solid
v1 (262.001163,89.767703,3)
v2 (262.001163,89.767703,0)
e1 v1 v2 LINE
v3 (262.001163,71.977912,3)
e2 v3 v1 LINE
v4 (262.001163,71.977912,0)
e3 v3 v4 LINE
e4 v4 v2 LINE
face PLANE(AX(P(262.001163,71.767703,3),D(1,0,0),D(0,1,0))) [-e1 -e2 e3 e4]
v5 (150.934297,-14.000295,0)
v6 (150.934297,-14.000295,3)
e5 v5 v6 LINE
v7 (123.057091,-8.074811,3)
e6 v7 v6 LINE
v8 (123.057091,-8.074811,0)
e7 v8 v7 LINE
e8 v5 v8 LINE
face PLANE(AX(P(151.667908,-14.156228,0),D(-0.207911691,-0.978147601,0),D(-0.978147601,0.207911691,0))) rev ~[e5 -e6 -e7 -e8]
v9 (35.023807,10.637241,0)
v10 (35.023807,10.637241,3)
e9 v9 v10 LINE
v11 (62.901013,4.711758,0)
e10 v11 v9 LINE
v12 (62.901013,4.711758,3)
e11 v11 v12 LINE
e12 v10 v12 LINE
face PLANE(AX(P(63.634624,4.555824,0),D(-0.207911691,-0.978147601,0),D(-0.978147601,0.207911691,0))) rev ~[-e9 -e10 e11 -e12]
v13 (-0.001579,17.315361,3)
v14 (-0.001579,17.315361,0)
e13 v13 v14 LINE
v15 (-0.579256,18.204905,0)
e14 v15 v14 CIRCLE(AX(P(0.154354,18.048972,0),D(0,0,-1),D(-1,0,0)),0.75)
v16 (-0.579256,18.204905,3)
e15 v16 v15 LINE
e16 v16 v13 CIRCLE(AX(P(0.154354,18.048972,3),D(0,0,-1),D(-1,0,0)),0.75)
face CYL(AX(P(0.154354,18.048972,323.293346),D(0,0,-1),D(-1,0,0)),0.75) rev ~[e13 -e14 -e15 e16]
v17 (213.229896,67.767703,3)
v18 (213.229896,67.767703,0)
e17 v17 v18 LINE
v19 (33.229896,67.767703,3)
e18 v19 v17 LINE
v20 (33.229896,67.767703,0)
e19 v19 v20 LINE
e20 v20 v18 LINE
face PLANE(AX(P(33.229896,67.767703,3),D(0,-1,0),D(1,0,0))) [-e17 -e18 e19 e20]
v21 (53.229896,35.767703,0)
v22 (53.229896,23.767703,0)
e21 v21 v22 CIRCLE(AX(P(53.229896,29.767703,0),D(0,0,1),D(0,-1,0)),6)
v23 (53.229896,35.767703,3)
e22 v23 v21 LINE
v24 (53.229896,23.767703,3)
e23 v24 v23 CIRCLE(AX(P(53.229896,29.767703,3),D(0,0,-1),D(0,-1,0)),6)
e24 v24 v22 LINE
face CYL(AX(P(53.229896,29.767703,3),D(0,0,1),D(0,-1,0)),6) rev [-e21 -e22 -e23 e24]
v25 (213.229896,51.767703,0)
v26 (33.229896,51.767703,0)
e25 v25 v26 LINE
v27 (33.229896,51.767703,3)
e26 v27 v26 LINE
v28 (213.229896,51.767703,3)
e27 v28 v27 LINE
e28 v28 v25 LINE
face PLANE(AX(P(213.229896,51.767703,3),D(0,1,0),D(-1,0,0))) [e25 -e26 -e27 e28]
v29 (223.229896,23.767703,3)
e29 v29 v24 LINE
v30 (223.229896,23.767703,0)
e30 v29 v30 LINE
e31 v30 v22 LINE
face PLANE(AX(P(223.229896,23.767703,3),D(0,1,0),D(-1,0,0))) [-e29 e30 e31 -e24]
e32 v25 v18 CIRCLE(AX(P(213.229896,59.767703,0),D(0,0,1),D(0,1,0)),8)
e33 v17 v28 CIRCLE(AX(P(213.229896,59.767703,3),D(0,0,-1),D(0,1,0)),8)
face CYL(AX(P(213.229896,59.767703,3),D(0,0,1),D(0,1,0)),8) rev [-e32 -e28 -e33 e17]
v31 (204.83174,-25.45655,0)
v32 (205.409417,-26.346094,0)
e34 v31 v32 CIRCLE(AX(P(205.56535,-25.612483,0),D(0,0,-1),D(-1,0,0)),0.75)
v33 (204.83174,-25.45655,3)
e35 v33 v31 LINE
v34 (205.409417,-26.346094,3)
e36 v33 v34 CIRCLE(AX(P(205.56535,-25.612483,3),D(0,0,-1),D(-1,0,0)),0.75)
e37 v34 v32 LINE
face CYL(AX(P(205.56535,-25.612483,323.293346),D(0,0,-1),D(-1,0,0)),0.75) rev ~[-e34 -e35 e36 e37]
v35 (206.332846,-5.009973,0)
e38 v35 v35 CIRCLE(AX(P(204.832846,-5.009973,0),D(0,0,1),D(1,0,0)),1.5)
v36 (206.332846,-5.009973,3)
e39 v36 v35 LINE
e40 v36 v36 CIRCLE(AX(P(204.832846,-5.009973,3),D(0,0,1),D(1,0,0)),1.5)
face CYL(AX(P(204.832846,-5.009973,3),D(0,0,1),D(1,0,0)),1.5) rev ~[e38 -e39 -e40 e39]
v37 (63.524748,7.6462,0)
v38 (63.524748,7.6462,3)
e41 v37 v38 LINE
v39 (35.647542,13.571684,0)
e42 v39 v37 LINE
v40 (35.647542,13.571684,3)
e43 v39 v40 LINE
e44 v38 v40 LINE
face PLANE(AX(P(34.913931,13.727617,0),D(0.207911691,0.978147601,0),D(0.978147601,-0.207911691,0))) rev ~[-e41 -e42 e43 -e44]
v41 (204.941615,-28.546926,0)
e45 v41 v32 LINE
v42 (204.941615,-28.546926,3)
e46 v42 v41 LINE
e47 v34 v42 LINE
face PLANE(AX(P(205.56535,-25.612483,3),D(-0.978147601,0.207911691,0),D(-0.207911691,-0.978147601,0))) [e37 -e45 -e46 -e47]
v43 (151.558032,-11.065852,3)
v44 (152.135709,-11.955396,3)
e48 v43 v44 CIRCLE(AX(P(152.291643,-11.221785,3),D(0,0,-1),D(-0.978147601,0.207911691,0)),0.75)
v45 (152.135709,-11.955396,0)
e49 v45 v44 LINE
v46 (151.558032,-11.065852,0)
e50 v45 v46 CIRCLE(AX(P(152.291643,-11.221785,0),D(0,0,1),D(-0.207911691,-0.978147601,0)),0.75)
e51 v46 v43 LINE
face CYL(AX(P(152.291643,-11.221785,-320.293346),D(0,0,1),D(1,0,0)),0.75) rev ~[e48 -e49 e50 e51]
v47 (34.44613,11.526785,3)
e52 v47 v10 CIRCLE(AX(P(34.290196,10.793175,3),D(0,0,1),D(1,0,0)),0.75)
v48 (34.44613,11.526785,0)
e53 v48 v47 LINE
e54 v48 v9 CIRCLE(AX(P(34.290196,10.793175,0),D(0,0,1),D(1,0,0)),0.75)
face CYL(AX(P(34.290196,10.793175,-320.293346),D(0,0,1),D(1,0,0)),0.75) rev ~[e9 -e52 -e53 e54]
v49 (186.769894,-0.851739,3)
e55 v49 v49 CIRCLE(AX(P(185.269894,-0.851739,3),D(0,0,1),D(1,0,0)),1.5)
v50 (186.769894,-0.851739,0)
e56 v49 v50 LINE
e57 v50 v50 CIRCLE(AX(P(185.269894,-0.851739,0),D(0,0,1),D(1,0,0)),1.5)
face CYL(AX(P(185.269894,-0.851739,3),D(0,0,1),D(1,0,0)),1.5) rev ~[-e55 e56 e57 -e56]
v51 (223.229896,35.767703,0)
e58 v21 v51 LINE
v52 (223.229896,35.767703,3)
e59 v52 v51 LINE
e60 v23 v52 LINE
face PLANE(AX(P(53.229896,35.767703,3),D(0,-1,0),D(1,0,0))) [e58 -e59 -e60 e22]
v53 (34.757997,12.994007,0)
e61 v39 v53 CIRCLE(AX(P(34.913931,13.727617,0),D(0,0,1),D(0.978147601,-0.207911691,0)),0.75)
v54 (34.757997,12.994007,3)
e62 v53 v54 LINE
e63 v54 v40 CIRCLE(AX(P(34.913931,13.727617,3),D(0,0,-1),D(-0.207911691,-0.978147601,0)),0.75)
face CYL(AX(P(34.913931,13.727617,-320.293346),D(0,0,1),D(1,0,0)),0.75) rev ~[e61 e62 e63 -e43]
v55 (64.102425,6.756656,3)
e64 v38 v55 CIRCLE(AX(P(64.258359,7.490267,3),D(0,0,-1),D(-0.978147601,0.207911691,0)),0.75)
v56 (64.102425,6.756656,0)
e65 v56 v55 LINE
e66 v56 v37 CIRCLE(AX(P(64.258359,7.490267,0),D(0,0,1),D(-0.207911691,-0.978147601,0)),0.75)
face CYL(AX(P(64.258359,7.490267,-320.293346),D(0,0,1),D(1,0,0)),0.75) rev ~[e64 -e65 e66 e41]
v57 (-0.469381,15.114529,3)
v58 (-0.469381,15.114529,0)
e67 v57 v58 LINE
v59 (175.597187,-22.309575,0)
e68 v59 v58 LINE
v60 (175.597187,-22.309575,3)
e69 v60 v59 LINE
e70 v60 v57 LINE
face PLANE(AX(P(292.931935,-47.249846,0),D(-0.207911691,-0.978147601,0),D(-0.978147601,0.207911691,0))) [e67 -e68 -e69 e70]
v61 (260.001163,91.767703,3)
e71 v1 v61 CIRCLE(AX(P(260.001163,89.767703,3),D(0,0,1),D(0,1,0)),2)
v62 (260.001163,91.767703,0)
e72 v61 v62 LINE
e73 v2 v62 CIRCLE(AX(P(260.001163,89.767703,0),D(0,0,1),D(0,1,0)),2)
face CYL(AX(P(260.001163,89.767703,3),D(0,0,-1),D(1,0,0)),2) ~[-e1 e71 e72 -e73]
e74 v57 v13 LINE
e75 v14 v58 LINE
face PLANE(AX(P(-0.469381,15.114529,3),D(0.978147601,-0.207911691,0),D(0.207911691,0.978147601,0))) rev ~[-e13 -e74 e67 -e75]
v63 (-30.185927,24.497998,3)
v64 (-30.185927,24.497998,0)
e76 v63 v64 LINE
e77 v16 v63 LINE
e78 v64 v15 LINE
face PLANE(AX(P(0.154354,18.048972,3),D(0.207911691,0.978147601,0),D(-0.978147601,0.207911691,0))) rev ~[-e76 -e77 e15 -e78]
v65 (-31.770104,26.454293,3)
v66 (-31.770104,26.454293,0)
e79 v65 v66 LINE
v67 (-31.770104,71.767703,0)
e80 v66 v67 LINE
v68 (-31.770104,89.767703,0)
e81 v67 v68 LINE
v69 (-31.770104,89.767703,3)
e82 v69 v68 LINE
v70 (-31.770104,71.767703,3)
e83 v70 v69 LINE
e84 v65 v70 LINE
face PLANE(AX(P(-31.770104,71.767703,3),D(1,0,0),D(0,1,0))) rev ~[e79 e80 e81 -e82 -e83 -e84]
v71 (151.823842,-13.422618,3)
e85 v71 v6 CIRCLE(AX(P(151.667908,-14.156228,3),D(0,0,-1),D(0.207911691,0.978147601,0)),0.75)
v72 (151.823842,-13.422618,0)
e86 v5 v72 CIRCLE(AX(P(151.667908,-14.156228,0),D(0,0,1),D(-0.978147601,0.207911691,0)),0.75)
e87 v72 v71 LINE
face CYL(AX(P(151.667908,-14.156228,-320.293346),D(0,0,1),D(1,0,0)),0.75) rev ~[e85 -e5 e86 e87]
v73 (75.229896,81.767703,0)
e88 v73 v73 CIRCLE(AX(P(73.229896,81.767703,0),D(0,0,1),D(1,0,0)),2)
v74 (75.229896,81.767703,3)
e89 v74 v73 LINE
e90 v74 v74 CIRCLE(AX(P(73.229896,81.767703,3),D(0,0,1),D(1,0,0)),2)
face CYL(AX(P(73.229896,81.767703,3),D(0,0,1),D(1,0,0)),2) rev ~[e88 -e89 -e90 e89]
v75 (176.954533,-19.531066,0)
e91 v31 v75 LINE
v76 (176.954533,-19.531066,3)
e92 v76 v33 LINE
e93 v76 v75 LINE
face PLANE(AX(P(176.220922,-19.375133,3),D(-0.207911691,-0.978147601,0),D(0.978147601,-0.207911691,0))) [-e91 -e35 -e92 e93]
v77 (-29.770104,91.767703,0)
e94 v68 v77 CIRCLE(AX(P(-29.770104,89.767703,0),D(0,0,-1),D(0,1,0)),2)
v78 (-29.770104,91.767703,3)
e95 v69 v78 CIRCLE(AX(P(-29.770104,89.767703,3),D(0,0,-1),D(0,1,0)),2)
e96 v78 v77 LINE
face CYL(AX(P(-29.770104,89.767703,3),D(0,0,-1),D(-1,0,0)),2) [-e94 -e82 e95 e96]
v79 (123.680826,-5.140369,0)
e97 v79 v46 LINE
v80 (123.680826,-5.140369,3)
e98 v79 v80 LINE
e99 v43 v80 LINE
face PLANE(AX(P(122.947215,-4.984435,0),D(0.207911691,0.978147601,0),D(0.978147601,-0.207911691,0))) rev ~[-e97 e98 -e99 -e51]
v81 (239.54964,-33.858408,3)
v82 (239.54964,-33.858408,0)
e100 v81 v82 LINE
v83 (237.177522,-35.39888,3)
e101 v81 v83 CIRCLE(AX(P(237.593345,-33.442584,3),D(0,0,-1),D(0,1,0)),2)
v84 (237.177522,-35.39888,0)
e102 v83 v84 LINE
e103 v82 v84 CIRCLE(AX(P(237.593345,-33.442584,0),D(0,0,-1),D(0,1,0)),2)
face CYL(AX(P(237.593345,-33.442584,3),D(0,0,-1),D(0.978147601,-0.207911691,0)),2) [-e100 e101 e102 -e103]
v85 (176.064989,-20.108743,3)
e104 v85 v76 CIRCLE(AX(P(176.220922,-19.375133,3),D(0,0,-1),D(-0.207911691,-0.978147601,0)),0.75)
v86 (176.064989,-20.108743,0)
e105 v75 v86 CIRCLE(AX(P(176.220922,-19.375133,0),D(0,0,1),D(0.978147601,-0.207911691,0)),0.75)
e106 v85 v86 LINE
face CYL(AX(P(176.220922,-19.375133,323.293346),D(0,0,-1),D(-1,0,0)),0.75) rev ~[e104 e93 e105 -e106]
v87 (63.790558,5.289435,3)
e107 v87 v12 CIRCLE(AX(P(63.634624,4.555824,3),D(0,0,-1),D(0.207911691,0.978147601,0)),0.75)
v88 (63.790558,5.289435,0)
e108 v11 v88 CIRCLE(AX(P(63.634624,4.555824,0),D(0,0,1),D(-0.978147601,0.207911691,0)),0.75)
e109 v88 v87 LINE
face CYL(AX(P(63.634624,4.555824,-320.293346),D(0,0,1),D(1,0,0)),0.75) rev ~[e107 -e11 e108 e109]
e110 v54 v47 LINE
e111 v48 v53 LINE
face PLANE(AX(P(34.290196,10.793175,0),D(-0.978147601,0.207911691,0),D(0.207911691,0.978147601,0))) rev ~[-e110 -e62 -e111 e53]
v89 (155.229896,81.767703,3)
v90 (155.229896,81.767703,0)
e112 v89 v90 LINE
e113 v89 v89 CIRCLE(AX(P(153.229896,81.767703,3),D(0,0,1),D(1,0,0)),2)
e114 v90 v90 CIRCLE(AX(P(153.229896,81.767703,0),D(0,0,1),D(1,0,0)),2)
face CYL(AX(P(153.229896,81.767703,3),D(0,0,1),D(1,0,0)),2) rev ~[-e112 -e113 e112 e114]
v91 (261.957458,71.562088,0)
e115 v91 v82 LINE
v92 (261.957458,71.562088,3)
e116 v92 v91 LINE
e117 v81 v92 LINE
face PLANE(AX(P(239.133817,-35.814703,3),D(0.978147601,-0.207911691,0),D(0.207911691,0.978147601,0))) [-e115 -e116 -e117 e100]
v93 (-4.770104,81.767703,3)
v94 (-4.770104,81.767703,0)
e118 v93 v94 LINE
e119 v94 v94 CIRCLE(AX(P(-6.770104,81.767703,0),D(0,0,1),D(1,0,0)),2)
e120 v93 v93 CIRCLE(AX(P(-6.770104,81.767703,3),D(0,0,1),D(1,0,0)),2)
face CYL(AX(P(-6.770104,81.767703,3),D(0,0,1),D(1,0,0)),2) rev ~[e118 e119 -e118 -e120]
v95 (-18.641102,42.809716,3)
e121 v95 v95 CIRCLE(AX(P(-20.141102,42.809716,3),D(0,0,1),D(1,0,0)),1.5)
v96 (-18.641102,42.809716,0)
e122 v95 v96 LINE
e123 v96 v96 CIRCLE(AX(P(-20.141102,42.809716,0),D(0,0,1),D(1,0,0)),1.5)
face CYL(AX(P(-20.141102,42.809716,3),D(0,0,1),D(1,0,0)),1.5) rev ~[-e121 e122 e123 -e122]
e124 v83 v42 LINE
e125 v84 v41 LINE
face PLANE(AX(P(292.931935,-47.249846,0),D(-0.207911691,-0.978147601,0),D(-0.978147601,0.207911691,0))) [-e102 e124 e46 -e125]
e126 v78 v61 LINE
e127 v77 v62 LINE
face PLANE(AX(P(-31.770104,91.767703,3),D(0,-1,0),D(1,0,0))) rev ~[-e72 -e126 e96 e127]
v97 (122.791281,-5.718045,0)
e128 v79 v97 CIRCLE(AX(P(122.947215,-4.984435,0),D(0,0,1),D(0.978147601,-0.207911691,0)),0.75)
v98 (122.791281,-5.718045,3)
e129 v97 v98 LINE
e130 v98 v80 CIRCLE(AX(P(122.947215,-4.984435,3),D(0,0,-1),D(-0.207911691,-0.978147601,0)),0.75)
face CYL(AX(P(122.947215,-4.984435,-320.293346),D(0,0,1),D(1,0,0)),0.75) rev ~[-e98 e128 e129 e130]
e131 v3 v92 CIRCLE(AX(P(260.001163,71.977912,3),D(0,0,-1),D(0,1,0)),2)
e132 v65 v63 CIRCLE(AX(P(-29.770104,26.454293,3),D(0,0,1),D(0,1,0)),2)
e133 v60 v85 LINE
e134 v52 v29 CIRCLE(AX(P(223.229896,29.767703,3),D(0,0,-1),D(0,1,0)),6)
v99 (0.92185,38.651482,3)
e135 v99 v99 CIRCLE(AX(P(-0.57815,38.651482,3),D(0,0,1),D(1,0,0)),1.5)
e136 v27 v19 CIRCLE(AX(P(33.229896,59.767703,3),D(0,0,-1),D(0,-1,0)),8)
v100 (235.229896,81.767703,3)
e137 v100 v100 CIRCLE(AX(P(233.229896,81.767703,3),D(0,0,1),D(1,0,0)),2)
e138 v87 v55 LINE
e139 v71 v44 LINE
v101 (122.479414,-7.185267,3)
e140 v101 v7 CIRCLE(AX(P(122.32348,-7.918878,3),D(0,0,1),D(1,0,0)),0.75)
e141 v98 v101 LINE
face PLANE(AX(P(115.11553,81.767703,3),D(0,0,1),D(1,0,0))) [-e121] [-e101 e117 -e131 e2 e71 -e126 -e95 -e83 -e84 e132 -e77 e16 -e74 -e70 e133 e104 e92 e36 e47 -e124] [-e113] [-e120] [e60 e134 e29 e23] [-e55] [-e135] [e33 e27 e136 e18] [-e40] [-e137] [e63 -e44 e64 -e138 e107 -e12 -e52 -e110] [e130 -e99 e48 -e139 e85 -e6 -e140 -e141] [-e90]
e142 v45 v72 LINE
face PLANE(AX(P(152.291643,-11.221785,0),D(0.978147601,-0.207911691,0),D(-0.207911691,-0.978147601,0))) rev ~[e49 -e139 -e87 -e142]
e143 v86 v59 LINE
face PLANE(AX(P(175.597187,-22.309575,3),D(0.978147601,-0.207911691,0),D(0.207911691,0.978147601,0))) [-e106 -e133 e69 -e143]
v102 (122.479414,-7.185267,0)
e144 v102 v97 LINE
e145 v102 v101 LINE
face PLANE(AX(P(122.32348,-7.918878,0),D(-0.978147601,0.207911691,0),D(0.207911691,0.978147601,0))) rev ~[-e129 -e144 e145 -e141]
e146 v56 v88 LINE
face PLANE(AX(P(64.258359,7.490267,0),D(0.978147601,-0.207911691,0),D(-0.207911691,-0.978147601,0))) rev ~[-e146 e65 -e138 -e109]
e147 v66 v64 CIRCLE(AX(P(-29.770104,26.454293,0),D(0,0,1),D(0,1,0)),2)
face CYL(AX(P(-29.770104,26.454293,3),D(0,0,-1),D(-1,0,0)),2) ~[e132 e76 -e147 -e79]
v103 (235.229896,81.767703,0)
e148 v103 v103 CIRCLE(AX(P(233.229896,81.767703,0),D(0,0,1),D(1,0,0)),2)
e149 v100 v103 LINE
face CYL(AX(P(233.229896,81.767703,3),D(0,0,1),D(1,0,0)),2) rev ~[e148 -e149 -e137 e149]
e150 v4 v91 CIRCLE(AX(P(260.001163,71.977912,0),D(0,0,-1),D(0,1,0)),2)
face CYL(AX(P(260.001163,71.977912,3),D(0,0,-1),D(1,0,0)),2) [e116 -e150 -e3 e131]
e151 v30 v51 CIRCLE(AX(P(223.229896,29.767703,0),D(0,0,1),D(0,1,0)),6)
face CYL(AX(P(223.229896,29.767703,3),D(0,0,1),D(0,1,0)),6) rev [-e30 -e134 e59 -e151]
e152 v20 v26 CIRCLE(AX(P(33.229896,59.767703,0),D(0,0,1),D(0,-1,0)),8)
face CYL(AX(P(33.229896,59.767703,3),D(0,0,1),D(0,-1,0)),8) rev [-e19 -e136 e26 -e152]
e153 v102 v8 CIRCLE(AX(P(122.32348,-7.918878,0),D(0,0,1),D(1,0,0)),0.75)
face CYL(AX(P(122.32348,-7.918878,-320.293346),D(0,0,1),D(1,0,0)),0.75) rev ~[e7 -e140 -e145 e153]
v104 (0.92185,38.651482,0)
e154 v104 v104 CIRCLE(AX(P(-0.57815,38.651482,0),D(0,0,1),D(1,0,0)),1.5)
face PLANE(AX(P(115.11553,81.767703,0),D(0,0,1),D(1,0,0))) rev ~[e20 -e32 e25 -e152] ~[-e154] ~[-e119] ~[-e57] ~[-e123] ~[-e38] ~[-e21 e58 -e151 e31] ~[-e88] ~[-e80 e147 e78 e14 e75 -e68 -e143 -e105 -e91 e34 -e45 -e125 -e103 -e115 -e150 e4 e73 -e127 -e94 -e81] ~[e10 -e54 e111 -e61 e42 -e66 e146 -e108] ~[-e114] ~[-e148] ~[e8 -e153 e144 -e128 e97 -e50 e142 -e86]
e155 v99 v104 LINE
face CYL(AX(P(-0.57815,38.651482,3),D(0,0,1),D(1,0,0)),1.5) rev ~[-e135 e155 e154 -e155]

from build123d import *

# Parameters (mm, degrees)
EXTRUDE_1_DEPTH      = 3
CUT_EXTRUDE_2_DEPTH  = 10
SKETCH_4_R           = 1.5
CUT_EXTRUDE_3_DEPTH  = 10
CUT_EXTRUDE_6_DEPTH  = 327.235911434
SKETCH_12_W          = 293.771267283
SKETCH_12_H          = 20
EXTRUDE_2_DEPTH      = 3
SKETCH_13_R          = 2
CUT_EXTRUDE_9_DEPTH  = 278.623703749
CUT_EXTRUDE_10_DEPTH = 10
MM_2_D               = 1.5
CUT_EXTRUDE_11_DEPTH = 278.623703749
MM_3_D               = 1.5
FILLET_1_R           = 2


with BuildPart() as part:
    # 草图1 → 凸台-拉伸1 (new body)
    with BuildSketch(Plane.XY):
        Polygon((-31.770103996, 71.767703031), (318.229896004, 71.767703031), (292.931935015, -47.249845949), (-31.770103996, 21.767703031), align=None)
    extrude(amount=EXTRUDE_1_DEPTH)

    # 草图3 → 切除-拉伸2 (cut)
    with BuildSketch(Plane.XY.offset(3)):
        Polygon((-0.469380772, 15.114528924), (0.1543543, 18.048971727), (-31.770103996, 24.834724815), (-31.770103996, 21.767703031), align=None)
        Polygon((176.220922432, -19.375132621), (205.565350454, -25.612483345), (204.941615382, -28.546926147), (175.59718736, -22.309575423), align=None)
    extrude(amount=-CUT_EXTRUDE_2_DEPTH, mode=Mode.SUBTRACT)

    # 草图4 → 切除-拉伸3 (cut)
    with BuildSketch(Plane.XY.offset(3)):
        with Locations((-20.141101902, 42.809716012)):
            Circle(SKETCH_4_R)
        with Locations((-0.578149887, 38.651482195)):
            Circle(SKETCH_4_R)
        with Locations((185.269894252, -0.85173906)):
            Circle(SKETCH_4_R)
        with Locations((204.832846267, -5.009972876)):
            Circle(SKETCH_4_R)
    extrude(amount=-CUT_EXTRUDE_3_DEPTH, mode=Mode.SUBTRACT)

    # 草图7 → 切除-拉伸6 (cut, through all)
    with BuildSketch(Plane.XY.offset(3)):
        Polygon((292.931935015, -47.249845949), (239.133816975, -35.814702954), (262.001163287, 71.767703031), (318.229896004, 71.767703031), align=None)
    extrude(amount=-CUT_EXTRUDE_6_DEPTH, mode=Mode.SUBTRACT)

    # 草图12 → 凸台-拉伸2 (add)
    with BuildSketch(Plane.XY.offset(3)):
        with Locations((115.115529646, 81.767703031)):
            Rectangle(SKETCH_12_W, SKETCH_12_H)
    extrude(amount=-EXTRUDE_2_DEPTH)

    # 草图13 → 切除-拉伸9 (cut, through all)
    with BuildSketch(Plane.XY.offset(3)):
        with Locations((-6.770103996, 81.767703031)):
            Circle(SKETCH_13_R)
        with Locations((73.229896004, 81.767703031)):
            Circle(SKETCH_13_R)
        with Locations((153.229896004, 81.767703031)):
            Circle(SKETCH_13_R)
        with Locations((233.229896004, 81.767703031)):
            Circle(SKETCH_13_R)
    extrude(amount=-CUT_EXTRUDE_9_DEPTH, mode=Mode.SUBTRACT)

    # 草图14 → 切除-拉伸10 (cut)
    with BuildSketch(Plane.XY.offset(3)):
        with BuildLine():
            Line((33.229896004, 67.767703031), (213.229896004, 67.767703031))
            ThreePointArc((213.229896004, 67.767703031), (221.229896004, 59.767703031), (213.229896004, 51.767703031))
            Line((213.229896004, 51.767703031), (33.229896004, 51.767703031))
            ThreePointArc((33.229896004, 51.767703031), (25.229896004, 59.767703031), (33.229896004, 67.767703031))
        make_face()
        with BuildLine():
            Line((53.229896004, 35.767703031), (223.229896004, 35.767703031))
            ThreePointArc((223.229896004, 35.767703031), (229.229896004, 29.767703031), (223.229896004, 23.767703031))
            Line((223.229896004, 23.767703031), (53.229896004, 23.767703031))
            ThreePointArc((53.229896004, 23.767703031), (47.229896004, 29.767703031), (53.229896004, 35.767703031))
        make_face()
    extrude(amount=-CUT_EXTRUDE_10_DEPTH, mode=Mode.SUBTRACT)

    # 大小mm 暗销槽口2 (through all)
    with Locations(Plane.XY.offset(3)):
        with Locations((0.1543543, 18.048971727), (176.220922432, -19.375132621), (205.565350454, -25.612483345)):
            Hole(MM_2_D / 2)

    # 草图18 → 切除-拉伸11 (cut, through all)
    with BuildSketch(Plane(origin=(0, 0, 0), x_dir=(-1, 0, 0), z_dir=(0, 0, -1))):
        Polygon((-152.291642964, -11.221785469), (-151.667907892, -14.156228271), (-122.32347987, -7.918877547), (-122.947214942, -4.984434744), align=None)
        Polygon((-64.258358898, 7.490266705), (-63.634623826, 4.555823902), (-34.290195804, 10.793174627), (-34.913930876, 13.727617429), align=None)
    extrude(amount=-CUT_EXTRUDE_11_DEPTH, mode=Mode.SUBTRACT)

    # 大小mm 暗销槽口3 (through all)
    with Locations(Plane(origin=(0, 0, 0), x_dir=(-1, 0, 0), z_dir=(0, 0, -1))):
        with Locations((-152.291642964, -11.221785469), (-151.667907892, -14.156228271), (-122.32347987, -7.918877547), (-122.947214942, -4.984434744), (-64.258358898, 7.490266705), (-63.634623826, 4.555823902), (-34.290195804, 10.793174627), (-34.913930876, 13.727617429)):
            Hole(MM_3_D / 2)

    # 圆角1
    fillet_1_edges = [part.edges().sort_by_distance(p)[0] for p in [
        (-31.770103996, 24.834724815, 1.5),
        (239.133816975, -35.814702954, 1.5),
        (262.001163287, 71.767703031, 1.5),
        (-31.770103996, 91.767703031, 1.5),
        (262.001163287, 91.767703031, 1.5),
    ]]
    fillet(fillet_1_edges, radius=FILLET_1_R)


solid = part.part
